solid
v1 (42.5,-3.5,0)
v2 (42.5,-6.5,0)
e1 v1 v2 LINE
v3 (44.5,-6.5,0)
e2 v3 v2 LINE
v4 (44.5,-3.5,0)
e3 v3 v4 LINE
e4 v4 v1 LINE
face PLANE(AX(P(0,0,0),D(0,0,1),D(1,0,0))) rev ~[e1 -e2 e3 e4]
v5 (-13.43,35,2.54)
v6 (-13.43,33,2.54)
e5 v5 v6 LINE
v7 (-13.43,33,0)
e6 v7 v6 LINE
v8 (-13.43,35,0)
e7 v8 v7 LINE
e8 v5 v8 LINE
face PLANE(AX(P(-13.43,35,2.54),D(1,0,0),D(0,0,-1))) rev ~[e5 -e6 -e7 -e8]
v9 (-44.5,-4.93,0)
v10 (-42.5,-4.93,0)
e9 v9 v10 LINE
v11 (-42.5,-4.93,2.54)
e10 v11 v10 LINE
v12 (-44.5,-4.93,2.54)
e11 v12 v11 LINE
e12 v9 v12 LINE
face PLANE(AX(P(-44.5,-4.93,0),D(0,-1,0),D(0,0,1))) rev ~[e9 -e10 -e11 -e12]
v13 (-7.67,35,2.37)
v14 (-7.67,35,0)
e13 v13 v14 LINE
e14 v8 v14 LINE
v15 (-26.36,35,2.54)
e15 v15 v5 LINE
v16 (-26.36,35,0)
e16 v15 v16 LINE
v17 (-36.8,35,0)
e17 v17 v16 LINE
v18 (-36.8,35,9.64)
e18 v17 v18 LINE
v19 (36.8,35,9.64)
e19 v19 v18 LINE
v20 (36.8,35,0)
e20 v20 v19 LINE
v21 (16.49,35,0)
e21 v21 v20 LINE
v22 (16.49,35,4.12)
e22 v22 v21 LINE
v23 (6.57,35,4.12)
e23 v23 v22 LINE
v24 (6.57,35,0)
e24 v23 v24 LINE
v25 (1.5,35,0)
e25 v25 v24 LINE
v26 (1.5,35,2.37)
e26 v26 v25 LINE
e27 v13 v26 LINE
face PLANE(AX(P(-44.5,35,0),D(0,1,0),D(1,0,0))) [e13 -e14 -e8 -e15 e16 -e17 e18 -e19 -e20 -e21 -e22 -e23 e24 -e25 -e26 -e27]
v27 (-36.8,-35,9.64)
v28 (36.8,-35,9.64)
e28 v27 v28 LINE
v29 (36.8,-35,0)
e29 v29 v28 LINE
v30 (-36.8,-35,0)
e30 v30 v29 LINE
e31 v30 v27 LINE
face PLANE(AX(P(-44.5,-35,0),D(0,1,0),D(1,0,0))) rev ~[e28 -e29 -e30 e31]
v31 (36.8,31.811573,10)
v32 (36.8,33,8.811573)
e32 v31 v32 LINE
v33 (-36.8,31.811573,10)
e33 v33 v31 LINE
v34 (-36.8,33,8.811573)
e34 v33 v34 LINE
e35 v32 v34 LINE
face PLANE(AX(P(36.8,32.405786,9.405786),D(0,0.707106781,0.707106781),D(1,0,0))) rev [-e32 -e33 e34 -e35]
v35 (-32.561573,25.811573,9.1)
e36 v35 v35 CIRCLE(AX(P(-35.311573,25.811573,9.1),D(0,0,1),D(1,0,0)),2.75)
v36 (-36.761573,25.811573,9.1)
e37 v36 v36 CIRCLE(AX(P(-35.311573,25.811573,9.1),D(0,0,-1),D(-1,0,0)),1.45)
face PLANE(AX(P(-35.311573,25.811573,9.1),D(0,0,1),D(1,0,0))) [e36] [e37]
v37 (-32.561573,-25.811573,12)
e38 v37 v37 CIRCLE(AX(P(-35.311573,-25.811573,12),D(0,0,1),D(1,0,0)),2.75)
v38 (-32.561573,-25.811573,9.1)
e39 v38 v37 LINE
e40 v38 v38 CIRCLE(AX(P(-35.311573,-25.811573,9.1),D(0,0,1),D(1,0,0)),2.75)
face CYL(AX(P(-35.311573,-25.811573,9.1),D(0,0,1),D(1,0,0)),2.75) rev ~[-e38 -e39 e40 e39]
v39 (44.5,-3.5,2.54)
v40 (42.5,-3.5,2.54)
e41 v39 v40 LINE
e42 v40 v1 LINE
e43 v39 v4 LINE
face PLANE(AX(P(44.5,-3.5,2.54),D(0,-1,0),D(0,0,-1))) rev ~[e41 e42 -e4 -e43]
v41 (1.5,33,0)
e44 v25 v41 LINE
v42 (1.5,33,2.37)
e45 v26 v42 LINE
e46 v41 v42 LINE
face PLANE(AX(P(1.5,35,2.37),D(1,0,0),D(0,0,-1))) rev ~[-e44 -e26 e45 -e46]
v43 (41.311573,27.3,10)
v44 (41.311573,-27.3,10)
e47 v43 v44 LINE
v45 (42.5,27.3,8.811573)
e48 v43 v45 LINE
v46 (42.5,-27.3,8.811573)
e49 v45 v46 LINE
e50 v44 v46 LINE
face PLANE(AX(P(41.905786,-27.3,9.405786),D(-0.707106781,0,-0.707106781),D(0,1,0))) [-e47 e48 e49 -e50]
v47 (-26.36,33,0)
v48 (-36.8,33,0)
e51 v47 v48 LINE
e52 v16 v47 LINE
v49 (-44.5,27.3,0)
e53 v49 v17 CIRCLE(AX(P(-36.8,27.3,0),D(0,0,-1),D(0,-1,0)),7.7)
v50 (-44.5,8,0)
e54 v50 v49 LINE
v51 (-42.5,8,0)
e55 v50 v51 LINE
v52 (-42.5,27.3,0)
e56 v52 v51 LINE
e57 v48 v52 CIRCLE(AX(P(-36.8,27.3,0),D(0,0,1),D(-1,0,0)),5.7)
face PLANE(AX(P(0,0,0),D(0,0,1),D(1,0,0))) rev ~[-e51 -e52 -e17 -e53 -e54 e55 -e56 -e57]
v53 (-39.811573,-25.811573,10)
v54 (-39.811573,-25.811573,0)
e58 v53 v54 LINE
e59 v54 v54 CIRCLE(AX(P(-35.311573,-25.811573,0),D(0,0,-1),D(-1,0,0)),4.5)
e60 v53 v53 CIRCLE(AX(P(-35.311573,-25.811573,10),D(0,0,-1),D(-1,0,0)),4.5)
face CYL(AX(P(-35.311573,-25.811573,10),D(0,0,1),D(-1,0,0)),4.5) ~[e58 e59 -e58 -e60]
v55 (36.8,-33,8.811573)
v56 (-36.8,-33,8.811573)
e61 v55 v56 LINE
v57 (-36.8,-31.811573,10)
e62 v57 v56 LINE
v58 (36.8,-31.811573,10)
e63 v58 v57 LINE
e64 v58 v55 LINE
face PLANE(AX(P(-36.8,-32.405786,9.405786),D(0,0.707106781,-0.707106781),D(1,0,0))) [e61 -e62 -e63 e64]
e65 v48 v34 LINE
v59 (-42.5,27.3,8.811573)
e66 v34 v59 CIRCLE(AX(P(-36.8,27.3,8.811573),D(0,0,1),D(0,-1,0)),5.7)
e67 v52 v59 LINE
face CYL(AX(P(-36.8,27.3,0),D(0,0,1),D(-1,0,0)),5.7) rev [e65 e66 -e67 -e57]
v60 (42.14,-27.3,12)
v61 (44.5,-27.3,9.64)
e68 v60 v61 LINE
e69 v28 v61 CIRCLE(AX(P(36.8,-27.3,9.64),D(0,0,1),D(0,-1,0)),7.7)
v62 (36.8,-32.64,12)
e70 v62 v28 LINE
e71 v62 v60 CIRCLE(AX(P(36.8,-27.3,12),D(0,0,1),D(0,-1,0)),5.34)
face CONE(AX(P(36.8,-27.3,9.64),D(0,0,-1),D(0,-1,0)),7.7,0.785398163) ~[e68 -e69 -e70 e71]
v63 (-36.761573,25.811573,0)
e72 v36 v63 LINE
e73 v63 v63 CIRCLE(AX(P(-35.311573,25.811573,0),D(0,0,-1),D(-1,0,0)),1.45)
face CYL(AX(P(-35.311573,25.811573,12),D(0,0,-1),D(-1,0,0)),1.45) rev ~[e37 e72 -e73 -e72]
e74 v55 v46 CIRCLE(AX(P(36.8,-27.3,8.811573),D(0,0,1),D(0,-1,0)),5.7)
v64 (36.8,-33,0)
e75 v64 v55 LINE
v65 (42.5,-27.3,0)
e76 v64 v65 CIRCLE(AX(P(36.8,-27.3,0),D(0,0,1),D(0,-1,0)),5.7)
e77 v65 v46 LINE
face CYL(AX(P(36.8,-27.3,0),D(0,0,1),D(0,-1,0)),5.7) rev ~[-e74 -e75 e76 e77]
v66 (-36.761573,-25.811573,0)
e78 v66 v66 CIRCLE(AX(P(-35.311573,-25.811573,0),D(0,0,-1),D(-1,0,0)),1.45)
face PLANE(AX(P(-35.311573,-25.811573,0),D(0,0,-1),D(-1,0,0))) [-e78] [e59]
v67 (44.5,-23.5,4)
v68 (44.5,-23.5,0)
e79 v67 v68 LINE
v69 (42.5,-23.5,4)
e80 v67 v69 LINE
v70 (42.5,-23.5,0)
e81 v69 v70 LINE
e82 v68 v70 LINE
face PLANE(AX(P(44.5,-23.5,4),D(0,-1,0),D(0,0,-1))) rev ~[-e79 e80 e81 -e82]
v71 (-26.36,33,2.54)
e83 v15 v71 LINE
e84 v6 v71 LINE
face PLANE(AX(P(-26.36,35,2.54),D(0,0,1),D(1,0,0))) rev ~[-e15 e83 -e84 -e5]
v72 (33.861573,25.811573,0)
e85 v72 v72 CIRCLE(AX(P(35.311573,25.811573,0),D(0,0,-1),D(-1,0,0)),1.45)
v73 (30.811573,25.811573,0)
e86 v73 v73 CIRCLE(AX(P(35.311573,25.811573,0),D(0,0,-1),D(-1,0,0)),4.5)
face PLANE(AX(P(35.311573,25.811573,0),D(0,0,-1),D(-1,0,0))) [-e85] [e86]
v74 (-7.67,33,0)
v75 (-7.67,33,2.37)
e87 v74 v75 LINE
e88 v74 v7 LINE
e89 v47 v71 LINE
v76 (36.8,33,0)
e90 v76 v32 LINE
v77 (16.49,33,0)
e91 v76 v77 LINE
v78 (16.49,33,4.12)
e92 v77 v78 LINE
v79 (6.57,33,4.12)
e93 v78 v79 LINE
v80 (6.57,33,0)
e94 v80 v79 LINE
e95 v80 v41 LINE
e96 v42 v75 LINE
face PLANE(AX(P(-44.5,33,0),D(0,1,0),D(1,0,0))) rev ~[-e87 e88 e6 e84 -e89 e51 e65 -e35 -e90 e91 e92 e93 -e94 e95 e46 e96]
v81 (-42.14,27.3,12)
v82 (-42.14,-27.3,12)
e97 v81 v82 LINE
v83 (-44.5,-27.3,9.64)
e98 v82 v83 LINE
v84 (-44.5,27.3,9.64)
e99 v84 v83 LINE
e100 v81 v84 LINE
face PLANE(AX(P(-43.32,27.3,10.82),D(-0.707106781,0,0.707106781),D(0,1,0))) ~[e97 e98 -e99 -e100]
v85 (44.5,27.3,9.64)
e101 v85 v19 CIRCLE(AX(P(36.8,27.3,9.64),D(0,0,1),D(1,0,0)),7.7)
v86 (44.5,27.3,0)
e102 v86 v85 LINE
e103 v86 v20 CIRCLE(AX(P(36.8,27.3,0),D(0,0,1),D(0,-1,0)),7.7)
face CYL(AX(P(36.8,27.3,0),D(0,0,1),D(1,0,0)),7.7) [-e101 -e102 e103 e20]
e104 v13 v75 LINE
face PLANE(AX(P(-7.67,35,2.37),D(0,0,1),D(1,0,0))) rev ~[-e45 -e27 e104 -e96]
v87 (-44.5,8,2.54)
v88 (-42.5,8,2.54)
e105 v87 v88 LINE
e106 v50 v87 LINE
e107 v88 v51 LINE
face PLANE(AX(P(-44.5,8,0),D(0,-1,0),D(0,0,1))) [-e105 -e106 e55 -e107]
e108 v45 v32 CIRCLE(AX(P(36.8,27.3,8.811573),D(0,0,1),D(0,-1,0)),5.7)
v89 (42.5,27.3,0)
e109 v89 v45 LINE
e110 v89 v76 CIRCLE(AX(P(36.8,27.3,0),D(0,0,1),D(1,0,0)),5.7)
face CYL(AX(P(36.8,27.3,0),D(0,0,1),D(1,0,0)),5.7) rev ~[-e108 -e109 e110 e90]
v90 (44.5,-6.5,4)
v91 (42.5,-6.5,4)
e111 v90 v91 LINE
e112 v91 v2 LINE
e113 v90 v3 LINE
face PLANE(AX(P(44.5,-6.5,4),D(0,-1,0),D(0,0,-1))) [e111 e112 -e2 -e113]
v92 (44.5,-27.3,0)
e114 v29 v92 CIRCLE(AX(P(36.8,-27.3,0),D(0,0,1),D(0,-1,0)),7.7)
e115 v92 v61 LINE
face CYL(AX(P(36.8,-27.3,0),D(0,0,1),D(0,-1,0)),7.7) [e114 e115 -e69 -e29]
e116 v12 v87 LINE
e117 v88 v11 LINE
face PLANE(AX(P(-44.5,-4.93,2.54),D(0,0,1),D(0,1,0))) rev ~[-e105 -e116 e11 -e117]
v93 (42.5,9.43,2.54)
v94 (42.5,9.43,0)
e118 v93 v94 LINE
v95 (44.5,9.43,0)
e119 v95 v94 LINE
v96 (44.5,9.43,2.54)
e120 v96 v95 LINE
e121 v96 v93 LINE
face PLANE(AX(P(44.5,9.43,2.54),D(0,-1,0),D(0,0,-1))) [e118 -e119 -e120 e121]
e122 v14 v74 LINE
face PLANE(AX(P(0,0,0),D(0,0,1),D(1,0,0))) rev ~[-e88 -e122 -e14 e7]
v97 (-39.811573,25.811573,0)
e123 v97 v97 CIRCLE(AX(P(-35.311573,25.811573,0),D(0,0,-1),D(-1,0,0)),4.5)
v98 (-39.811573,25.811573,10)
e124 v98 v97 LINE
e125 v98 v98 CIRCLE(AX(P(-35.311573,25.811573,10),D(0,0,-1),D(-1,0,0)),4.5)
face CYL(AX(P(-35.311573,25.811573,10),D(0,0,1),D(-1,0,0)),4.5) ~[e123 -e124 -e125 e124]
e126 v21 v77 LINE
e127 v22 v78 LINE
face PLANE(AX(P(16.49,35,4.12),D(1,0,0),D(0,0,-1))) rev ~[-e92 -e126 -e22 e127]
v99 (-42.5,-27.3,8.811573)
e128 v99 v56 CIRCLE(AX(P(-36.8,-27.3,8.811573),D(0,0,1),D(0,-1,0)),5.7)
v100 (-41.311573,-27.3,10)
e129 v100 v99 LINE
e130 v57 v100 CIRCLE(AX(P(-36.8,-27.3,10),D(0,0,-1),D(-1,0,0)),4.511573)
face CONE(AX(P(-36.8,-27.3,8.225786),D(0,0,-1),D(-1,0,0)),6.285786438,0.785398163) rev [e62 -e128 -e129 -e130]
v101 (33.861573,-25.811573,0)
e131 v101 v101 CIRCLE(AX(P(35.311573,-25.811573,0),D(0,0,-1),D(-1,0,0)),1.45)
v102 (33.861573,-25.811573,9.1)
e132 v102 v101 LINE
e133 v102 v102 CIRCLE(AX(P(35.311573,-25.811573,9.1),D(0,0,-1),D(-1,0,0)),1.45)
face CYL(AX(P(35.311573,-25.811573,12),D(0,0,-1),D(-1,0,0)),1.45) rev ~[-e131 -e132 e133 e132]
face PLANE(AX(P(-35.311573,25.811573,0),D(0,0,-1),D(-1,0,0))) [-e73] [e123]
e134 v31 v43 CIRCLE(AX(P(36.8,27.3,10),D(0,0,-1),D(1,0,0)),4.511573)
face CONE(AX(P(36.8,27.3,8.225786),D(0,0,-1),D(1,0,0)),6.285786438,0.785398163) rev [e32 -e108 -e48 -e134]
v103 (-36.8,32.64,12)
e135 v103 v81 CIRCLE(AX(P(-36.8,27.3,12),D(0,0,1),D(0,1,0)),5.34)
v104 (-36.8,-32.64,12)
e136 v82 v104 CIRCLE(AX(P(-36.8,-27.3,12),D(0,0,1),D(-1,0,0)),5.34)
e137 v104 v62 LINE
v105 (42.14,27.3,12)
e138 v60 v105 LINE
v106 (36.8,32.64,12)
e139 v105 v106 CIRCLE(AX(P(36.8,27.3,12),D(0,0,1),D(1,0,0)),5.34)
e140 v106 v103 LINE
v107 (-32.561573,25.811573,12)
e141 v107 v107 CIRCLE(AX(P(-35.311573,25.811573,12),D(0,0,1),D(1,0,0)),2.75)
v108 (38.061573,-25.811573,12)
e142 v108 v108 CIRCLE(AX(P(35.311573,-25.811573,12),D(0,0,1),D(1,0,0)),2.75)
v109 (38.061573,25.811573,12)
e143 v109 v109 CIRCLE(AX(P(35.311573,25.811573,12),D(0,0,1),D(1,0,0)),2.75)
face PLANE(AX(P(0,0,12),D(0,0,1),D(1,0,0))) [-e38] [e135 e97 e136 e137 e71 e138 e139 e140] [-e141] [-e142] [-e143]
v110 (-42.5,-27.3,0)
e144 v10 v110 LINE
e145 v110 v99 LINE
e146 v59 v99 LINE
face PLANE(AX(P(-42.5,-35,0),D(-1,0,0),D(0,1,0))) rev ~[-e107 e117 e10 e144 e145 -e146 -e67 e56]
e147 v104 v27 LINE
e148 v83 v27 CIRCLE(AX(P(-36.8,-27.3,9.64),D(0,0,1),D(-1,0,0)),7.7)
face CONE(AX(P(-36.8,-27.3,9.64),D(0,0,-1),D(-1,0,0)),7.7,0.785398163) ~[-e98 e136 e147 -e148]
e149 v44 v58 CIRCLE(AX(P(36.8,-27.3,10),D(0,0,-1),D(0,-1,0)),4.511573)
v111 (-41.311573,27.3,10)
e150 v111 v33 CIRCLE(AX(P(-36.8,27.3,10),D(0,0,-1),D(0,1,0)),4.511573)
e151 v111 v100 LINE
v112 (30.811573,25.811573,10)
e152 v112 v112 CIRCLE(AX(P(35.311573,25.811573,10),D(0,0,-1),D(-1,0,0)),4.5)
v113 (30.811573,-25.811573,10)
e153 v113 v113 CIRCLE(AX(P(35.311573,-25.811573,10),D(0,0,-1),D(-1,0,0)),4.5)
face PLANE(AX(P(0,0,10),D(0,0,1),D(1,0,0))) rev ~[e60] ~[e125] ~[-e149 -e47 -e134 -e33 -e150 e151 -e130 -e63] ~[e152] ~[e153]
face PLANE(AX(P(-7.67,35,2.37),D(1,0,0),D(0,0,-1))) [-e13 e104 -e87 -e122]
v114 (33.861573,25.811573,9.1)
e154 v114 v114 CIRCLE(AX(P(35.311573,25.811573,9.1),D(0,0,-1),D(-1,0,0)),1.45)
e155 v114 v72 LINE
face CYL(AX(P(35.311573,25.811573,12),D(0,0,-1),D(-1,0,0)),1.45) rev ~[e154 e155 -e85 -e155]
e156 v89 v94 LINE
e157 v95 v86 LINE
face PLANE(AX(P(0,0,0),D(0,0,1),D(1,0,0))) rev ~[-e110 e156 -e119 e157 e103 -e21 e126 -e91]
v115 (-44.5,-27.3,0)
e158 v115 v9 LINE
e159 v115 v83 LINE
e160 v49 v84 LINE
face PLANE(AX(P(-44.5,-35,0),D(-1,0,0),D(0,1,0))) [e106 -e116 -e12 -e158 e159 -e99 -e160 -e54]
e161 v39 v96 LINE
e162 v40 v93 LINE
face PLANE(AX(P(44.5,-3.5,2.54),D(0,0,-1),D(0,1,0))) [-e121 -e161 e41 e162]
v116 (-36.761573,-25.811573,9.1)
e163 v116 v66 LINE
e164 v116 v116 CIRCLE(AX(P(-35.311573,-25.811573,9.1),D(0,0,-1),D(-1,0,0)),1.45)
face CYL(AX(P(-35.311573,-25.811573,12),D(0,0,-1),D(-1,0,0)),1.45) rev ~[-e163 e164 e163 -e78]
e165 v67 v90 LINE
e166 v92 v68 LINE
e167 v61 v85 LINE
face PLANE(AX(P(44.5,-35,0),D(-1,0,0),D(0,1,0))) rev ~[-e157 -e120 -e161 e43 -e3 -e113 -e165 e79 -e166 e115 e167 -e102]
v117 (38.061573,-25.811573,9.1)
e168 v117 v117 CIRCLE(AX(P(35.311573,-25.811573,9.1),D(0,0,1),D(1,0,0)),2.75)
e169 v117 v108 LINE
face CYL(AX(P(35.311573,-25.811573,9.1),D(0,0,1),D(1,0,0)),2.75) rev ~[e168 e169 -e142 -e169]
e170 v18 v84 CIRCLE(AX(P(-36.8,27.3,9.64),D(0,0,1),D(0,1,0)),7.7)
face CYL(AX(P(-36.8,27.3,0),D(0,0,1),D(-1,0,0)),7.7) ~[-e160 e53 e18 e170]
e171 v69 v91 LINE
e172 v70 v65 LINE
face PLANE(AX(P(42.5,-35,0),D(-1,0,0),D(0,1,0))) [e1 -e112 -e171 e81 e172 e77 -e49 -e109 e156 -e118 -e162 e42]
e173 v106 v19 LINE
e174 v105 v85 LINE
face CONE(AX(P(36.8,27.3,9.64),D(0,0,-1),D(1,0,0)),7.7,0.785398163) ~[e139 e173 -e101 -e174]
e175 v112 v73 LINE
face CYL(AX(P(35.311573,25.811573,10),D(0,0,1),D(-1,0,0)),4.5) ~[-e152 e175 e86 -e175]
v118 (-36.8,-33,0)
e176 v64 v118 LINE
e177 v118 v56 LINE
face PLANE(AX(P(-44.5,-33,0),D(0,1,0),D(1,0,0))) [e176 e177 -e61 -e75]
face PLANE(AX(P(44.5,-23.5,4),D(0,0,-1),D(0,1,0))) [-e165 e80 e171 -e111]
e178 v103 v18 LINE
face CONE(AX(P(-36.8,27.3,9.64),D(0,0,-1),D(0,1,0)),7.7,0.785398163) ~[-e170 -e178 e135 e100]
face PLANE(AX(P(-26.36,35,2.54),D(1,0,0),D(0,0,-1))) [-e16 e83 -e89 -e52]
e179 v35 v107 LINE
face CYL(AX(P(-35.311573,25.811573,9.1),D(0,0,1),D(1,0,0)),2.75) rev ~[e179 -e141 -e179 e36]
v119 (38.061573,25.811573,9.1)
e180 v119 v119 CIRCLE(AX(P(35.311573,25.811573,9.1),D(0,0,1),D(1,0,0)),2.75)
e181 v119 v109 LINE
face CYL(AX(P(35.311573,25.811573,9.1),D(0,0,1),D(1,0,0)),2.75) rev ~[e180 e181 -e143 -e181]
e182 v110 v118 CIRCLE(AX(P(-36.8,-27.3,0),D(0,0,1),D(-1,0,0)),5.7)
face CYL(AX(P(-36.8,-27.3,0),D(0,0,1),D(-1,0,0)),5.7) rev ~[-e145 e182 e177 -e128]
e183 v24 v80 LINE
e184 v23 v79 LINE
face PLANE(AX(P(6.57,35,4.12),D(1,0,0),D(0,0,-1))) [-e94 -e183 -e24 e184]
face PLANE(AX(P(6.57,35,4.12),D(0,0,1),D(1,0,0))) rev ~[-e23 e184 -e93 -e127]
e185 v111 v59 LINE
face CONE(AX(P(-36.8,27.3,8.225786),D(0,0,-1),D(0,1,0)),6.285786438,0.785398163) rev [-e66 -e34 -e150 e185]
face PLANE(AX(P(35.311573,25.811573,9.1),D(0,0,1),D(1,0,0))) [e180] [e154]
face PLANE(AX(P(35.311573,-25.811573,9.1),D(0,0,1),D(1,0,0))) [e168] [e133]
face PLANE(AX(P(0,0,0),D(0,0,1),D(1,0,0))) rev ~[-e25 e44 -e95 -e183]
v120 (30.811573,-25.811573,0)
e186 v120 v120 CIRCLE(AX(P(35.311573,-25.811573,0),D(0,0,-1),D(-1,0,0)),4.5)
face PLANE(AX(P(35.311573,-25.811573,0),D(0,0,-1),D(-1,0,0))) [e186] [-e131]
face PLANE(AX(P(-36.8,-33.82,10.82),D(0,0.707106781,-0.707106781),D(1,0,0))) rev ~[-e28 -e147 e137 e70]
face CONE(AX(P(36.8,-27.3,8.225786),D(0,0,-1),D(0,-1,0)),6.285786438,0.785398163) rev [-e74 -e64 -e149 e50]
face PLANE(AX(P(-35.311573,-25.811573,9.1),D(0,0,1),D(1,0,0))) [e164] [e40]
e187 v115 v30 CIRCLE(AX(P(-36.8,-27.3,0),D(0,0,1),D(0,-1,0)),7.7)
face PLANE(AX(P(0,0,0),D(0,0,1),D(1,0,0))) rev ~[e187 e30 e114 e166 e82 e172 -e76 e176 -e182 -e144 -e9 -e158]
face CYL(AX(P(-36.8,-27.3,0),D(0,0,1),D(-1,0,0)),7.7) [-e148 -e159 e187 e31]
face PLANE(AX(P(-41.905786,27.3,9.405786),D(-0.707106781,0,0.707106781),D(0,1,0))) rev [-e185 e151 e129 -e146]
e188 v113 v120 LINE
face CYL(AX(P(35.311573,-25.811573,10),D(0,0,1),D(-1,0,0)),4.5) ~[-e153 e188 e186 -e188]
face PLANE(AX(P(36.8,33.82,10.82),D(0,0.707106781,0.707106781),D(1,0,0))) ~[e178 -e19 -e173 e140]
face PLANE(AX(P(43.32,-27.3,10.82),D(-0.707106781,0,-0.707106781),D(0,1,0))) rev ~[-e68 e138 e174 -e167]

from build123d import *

# Parameters (mm, degrees)
SKETCH_1_W                     = 89
SKETCH_1_H                     = 70
EXTRUDE_1_DEPTH                = 12
FILLET_1_R                     = 7.7
CHAMFER_1_SIZE                 = 2.36
SHELL_1_T                      = -2
CUT_EXTRUDE_1_REACH            = 72
SKETCH_2_W                     = 9.92
SKETCH_2_H                     = 4.12
SKETCH_2_W_2                   = 9.17
SKETCH_2_H_2                   = 2.37
SKETCH_2_W_3                   = 12.93
SKETCH_2_H_3                   = 2.54
CUT_EXTRUDE_2_REACH            = 91
SKETCH_3_W                     = 2.54
SKETCH_3_H                     = 12.93
SKETCH_3_W_2                   = 4
SKETCH_3_H_2                   = 17
CUT_EXTRUDE_3_REACH            = 91
SKETCH_4_W                     = 2.54
SKETCH_4_H                     = 12.93
SKETCH_5_R                     = 4.5
EXTRUDE_2_DEPTH                = 10
HOLE_WIZARD_M2_5_1_D           = 2.9
HOLE_WIZARD_M2_5_1_CBORE_D     = 5.5
HOLE_WIZARD_M2_5_1_CBORE_DEPTH = 2.9


with BuildPart() as part:
    # 草圖1 → 填料-伸長1 (new body)
    with BuildSketch(Plane.XY):
        Rectangle(SKETCH_1_W, SKETCH_1_H)
    extrude(amount=EXTRUDE_1_DEPTH)

    # 圓角1
    fillet_1_edges = [part.edges().sort_by_distance(p)[0] for p in [
        (44.5, -35, 6),
        (-44.5, -35, 6),
        (-44.5, 35, 6),
        (44.5, 35, 6),
    ]]
    fillet(fillet_1_edges, radius=FILLET_1_R)

    # 導角1
    chamfer_1_edges = [part.edges().sort_by_distance(p)[0] for p in [
        (0, -35, 12),
        (-44.5, 0, 12),
        (44.5, 0, 12),
        (0, 35, 12),
        (-42.244722215, 32.744722215, 12),
        (42.244722215, 32.744722215, 12),
        (42.244722215, -32.744722215, 12),
        (-42.244722215, -32.744722215, 12),
    ]]
    chamfer(chamfer_1_edges, length=CHAMFER_1_SIZE)

    # 薄殼1
    shell_1_openings = [part.faces().sort_by_distance(p)[0] for p in [
        (0, 0, 0),
    ]]
    offset(amount=SHELL_1_T, openings=shell_1_openings, kind=Kind.INTERSECTION)

    # 草圖2 → 除料-伸長1 (cut, up to next)
    with BuildSketch(Plane(origin=(0, 35, 0), x_dir=(1, 0, 0), z_dir=(0, 1, 0)), mode=Mode.PRIVATE) as cut_extrude_1_sk1:
        with Locations((11.53, -2.06)):
            Rectangle(SKETCH_2_W, SKETCH_2_H)
    cut_extrude_1_tool1 = extrude(cut_extrude_1_sk1.sketch, amount=-CUT_EXTRUDE_1_REACH, mode=Mode.PRIVATE) & part.part
    add(cut_extrude_1_tool1.solids().sort_by_distance((11.53, 35, 2.06))[0], mode=Mode.SUBTRACT)
    # 草圖2 → 除料-伸長1 (cut, up to next)
    with BuildSketch(Plane(origin=(0, 35, 0), x_dir=(1, 0, 0), z_dir=(0, 1, 0)), mode=Mode.PRIVATE) as cut_extrude_1_sk2:
        with Locations((-3.085, -1.185)):
            Rectangle(SKETCH_2_W_2, SKETCH_2_H_2)
    cut_extrude_1_tool2 = extrude(cut_extrude_1_sk2.sketch, amount=-CUT_EXTRUDE_1_REACH, mode=Mode.PRIVATE) & part.part
    add(cut_extrude_1_tool2.solids().sort_by_distance((-3.085, 35, 1.185))[0], mode=Mode.SUBTRACT)
    # 草圖2 → 除料-伸長1 (cut, up to next)
    with BuildSketch(Plane(origin=(0, 35, 0), x_dir=(1, 0, 0), z_dir=(0, 1, 0)), mode=Mode.PRIVATE) as cut_extrude_1_sk3:
        with Locations((-19.895, -1.27)):
            Rectangle(SKETCH_2_W_3, SKETCH_2_H_3)
    cut_extrude_1_tool3 = extrude(cut_extrude_1_sk3.sketch, amount=-CUT_EXTRUDE_1_REACH, mode=Mode.PRIVATE) & part.part
    add(cut_extrude_1_tool3.solids().sort_by_distance((-19.895, 35, 1.27))[0], mode=Mode.SUBTRACT)

    # 草圖3 → 除料-伸長2 (cut, up to next)
    with BuildSketch(Plane(origin=(44.5, 0, 0), x_dir=(0, 0, -1), z_dir=(1, 0, 0)), mode=Mode.PRIVATE) as cut_extrude_2_sk1:
        with Locations((-1.27, 2.965)):
            Rectangle(SKETCH_3_W, SKETCH_3_H)
    cut_extrude_2_tool1 = extrude(cut_extrude_2_sk1.sketch, amount=-CUT_EXTRUDE_2_REACH, mode=Mode.PRIVATE) & part.part
    add(cut_extrude_2_tool1.solids().sort_by_distance((44.5, 2.965, 1.27))[0], mode=Mode.SUBTRACT)
    # 草圖3 → 除料-伸長2 (cut, up to next)
    with BuildSketch(Plane(origin=(44.5, 0, 0), x_dir=(0, 0, -1), z_dir=(1, 0, 0)), mode=Mode.PRIVATE) as cut_extrude_2_sk2:
        with Locations((-2, -15)):
            Rectangle(SKETCH_3_W_2, SKETCH_3_H_2)
    cut_extrude_2_tool2 = extrude(cut_extrude_2_sk2.sketch, amount=-CUT_EXTRUDE_2_REACH, mode=Mode.PRIVATE) & part.part
    add(cut_extrude_2_tool2.solids().sort_by_distance((44.5, -15, 2))[0], mode=Mode.SUBTRACT)

    # 草圖4 → 除料-伸長3 (cut, up to next)
    with BuildSketch(Plane.ZY.offset(44.5), mode=Mode.PRIVATE) as cut_extrude_3_sk1:
        with Locations((1.27, 1.535)):
            Rectangle(SKETCH_4_W, SKETCH_4_H)
    cut_extrude_3_tool1 = extrude(cut_extrude_3_sk1.sketch, amount=-CUT_EXTRUDE_3_REACH, mode=Mode.PRIVATE) & part.part
    add(cut_extrude_3_tool1.solids().sort_by_distance((-44.5, 1.535, 1.27))[0], mode=Mode.SUBTRACT)

    # 草圖5 → 填料-伸長2 (add)
    with BuildSketch(Plane(origin=(0, 0, 10), x_dir=(-1, 0, 0), z_dir=(0, 0, -1))):
        with Locations((-35.311572875, 25.811572875)):
            Circle(SKETCH_5_R)
        with Locations((35.311572875, 25.811572875)):
            Circle(SKETCH_5_R)
        with Locations((35.311572875, -25.811572875)):
            Circle(SKETCH_5_R)
        with Locations((-35.311572875, -25.811572875)):
            Circle(SKETCH_5_R)
    extrude(amount=EXTRUDE_2_DEPTH)

    # M2.5 六角承窩頭蓋螺釘的柱孔1 (through all)
    with Locations(Plane(origin=(35.311572875, -25.811572875, 12), x_dir=(1, 0, 0), z_dir=(0, 0, 1))):
        with Locations((0, 0), (-70.62314575, 0), (-70.62314575, 51.62314575), (0, 51.62314575)):
            CounterBoreHole(HOLE_WIZARD_M2_5_1_D / 2, HOLE_WIZARD_M2_5_1_CBORE_D / 2, HOLE_WIZARD_M2_5_1_CBORE_DEPTH)


solid = part.part
